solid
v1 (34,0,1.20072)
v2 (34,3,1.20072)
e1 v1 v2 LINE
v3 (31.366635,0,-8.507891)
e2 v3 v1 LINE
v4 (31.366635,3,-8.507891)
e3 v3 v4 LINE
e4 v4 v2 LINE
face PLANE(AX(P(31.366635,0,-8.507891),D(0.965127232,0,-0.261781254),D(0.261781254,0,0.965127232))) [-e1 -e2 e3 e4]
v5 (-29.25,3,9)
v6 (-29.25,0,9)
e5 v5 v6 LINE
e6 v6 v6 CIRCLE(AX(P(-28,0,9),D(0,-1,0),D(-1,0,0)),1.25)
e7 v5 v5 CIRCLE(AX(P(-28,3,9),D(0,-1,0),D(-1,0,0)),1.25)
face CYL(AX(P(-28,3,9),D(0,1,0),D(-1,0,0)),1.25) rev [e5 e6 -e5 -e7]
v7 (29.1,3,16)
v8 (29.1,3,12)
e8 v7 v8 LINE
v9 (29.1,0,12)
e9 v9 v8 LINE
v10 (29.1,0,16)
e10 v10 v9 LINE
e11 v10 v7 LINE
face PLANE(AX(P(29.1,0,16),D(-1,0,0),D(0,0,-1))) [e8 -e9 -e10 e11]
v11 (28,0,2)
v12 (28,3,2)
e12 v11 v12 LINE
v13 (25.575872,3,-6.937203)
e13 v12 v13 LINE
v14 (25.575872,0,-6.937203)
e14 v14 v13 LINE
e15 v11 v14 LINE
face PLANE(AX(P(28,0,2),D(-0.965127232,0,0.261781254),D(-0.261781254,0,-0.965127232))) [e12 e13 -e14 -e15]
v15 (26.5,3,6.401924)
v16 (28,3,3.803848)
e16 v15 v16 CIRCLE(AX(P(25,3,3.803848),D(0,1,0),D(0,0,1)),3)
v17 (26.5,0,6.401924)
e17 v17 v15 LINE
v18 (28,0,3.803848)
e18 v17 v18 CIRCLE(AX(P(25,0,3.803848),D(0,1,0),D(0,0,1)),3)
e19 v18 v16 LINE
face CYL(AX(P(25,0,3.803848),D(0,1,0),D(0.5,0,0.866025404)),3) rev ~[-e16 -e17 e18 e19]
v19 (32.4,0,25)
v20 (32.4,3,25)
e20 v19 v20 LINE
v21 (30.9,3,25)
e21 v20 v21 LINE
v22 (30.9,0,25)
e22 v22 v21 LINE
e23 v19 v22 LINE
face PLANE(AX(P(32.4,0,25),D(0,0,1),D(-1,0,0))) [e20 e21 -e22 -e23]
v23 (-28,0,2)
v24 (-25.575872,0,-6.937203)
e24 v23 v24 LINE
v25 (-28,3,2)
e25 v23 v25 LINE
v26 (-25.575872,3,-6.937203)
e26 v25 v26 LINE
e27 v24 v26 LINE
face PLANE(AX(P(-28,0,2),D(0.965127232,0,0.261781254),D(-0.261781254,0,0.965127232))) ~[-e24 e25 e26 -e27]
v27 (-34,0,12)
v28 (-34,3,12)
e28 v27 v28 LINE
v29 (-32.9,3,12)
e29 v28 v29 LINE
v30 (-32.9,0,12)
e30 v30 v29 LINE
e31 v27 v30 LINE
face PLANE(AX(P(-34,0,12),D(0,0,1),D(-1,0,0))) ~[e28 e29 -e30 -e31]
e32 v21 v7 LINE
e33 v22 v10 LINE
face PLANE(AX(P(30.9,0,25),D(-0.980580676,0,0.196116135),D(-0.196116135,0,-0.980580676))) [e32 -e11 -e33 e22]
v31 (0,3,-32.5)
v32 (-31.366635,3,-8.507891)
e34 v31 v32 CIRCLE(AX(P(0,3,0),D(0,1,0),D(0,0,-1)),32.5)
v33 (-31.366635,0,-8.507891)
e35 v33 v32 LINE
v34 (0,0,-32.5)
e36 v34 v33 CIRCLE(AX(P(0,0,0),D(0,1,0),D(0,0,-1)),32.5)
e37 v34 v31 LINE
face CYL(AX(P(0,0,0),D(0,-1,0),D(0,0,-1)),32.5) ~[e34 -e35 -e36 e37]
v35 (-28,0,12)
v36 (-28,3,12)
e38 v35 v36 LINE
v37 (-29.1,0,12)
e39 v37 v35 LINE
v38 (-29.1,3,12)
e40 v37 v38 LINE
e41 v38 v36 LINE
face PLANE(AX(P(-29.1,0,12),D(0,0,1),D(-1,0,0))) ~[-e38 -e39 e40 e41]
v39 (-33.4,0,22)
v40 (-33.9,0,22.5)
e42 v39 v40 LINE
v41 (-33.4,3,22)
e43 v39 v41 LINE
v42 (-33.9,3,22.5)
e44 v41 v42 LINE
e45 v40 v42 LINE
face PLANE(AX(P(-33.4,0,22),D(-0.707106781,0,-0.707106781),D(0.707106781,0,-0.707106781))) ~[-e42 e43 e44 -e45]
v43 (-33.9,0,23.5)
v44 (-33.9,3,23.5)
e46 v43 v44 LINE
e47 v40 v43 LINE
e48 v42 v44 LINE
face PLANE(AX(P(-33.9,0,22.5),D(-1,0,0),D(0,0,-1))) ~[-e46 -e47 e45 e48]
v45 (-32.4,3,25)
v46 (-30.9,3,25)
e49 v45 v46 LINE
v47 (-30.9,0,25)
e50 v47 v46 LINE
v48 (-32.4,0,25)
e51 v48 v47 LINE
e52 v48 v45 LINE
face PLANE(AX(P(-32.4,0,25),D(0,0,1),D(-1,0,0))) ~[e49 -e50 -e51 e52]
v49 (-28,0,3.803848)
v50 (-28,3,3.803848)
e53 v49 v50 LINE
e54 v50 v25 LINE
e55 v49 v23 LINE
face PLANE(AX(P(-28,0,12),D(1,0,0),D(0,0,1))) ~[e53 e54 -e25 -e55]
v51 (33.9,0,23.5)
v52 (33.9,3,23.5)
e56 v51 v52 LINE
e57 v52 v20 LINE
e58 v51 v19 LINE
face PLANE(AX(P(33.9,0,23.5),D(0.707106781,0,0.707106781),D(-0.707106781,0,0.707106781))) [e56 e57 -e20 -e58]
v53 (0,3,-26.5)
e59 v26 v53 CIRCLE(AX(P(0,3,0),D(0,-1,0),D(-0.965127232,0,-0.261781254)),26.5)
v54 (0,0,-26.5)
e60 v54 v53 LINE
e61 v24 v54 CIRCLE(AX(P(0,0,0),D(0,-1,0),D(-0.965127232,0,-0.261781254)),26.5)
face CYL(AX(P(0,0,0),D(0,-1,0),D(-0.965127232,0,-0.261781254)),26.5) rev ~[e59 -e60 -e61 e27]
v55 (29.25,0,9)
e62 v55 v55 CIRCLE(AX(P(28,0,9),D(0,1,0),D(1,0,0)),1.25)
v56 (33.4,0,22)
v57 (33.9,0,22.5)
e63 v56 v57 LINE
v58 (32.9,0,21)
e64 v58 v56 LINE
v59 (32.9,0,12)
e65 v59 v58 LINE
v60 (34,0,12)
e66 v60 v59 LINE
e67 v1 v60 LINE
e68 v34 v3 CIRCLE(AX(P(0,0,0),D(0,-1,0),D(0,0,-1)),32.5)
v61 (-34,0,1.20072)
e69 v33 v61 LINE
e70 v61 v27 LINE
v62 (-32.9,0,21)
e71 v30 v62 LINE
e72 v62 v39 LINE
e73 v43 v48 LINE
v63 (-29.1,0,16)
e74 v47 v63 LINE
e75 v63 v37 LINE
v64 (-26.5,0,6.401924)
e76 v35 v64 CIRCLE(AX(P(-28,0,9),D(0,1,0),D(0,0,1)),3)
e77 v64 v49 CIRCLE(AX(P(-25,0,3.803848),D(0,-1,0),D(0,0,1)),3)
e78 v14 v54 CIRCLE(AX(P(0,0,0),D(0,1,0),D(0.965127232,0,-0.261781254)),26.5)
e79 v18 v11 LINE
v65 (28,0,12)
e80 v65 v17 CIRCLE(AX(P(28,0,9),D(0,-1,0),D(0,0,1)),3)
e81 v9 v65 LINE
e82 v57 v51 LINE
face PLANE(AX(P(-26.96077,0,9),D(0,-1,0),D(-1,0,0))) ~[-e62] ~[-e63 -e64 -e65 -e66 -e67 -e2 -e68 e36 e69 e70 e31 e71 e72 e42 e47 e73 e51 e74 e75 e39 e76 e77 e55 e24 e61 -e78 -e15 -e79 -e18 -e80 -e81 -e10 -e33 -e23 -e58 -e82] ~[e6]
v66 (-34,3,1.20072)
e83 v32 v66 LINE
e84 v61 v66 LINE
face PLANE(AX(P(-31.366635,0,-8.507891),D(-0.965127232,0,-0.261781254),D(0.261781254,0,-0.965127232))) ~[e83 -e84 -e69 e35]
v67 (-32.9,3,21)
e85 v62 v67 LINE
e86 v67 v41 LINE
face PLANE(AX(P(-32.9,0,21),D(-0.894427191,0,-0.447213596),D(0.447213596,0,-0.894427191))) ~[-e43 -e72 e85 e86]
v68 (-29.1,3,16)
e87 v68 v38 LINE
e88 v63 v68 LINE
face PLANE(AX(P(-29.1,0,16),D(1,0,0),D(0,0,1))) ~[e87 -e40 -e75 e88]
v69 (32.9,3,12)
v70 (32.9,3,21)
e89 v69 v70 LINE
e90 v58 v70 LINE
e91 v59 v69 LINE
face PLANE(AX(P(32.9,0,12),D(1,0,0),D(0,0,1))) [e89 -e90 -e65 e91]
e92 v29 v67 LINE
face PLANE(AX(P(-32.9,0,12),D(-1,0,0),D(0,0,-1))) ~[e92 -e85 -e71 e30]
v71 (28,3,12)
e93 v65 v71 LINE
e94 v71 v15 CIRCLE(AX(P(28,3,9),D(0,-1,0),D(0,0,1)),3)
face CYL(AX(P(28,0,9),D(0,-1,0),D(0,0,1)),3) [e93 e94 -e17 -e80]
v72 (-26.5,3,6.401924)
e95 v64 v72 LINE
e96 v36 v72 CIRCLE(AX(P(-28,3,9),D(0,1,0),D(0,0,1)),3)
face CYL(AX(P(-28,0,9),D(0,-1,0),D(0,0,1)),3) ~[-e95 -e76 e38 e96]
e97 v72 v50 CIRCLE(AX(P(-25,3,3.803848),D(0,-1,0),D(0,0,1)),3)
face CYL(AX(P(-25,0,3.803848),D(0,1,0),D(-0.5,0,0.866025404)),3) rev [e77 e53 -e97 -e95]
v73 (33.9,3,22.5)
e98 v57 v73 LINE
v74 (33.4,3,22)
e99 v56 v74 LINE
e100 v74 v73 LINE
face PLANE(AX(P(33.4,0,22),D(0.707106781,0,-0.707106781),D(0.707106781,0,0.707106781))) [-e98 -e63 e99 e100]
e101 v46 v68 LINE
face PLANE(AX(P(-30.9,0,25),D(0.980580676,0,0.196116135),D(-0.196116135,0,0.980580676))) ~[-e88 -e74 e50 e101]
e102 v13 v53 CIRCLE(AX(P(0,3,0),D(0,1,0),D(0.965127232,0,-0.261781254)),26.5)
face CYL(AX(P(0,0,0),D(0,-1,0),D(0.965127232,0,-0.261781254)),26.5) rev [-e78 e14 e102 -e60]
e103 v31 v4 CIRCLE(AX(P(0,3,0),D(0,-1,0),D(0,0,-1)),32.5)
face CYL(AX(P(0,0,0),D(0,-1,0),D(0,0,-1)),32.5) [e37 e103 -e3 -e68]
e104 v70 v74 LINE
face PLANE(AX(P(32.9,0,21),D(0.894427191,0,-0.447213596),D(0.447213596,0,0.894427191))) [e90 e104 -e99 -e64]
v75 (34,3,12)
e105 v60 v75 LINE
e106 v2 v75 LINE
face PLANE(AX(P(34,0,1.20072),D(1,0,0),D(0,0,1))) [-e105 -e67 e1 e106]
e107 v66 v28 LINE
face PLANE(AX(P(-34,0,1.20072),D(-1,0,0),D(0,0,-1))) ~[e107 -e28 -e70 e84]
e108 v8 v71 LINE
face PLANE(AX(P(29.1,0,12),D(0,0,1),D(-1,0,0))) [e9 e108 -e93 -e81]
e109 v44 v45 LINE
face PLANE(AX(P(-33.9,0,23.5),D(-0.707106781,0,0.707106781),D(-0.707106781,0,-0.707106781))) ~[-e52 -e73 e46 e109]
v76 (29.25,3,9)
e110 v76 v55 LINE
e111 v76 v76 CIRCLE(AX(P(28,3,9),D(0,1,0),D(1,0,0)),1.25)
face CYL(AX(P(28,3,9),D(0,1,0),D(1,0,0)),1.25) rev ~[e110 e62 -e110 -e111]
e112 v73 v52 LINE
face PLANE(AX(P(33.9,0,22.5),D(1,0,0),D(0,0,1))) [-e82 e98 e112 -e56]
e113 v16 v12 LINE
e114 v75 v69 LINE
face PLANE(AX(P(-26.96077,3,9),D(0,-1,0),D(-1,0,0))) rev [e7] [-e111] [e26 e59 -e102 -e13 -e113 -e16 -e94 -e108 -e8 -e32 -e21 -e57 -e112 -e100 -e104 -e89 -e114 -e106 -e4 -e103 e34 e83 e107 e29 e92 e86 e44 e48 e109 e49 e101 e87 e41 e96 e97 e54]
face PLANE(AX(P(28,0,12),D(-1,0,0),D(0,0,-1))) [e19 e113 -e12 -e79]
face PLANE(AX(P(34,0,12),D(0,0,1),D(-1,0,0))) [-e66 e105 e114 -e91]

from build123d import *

# Parameters (mm, degrees)
BOSS_EXTRUDE1_DEPTH = 3
BOSS_EXTRUDE2_DEPTH = 3
FILLET1_R           = 3
SKETCH4_R           = 1.25
CUT_EXTRUDE1_DEPTH  = 4


with BuildPart() as part:
    # Sketch1 → Boss-Extrude1 (new body)
    with BuildSketch(Plane(origin=(0, 0, 0), x_dir=(1, 0, 0), z_dir=(0, 1, 0))):
        with BuildLine():
            Line((29.1, -16), (29.1, -12))
            Line((29.1, -12), (28, -12))
            Line((28, -12), (28, -2))
            Line((28, -2), (25.57587166, 6.937203242))
            ThreePointArc((25.57587166, 6.937203242), (16.099908604, 21.048585296), (0, 26.5))
            Line((0, 26.5), (0, 32.5))
            ThreePointArc((0, 32.5), (19.745170929, 25.814302721), (31.366635055, 8.507890769))
            Line((31.366635055, 8.507890769), (34, -1.200719678))
            Line((34, -1.200719678), (34, -12))
            Line((34, -12), (32.9, -12))
            Line((32.9, -12), (32.9, -21))
            Line((32.9, -21), (33.4, -22))
            Line((33.4, -22), (33.9, -22.5))
            Line((33.9, -22.5), (33.9, -23.5))
            Line((33.9, -23.5), (32.4, -25))
            Line((32.4, -25), (30.9, -25))
            Line((30.9, -25), (29.1, -16))
        make_face()
    extrude(amount=BOSS_EXTRUDE1_DEPTH)

    # Sketch3 → Boss-Extrude2 (add)
    with BuildSketch(Plane(origin=(0, 0, 0), x_dir=(1, 0, 0), z_dir=(0, 1, 0))):
        with BuildLine():
            Line((28, -6), (28, -12))
            ThreePointArc((28, -12), (25, -9), (28, -6))
        make_face()
    extrude(amount=BOSS_EXTRUDE2_DEPTH)

    # Fillet1
    fillet1_edges = [part.edges().sort_by_distance(p)[0] for p in [
        (28, 1.5, 6),
    ]]
    fillet(fillet1_edges, radius=FILLET1_R)

    # Sketch4 → Cut-Extrude1 (cut, through all)
    with BuildSketch(Plane(origin=(0, 3, 0), x_dir=(1, 0, 0), z_dir=(0, 1, 0))):
        with Locations((28, -9)):
            Circle(SKETCH4_R)
    extrude(amount=-CUT_EXTRUDE1_DEPTH, mode=Mode.SUBTRACT)

    # Mirror1: part across plane


with BuildPart() as part_1:
    add(part.part)
    add(part.part.mirror(Plane(origin=(0, 0, 0), x_dir=(0, 0, 1), z_dir=(1, 0, 0))))


solid = part_1.part
